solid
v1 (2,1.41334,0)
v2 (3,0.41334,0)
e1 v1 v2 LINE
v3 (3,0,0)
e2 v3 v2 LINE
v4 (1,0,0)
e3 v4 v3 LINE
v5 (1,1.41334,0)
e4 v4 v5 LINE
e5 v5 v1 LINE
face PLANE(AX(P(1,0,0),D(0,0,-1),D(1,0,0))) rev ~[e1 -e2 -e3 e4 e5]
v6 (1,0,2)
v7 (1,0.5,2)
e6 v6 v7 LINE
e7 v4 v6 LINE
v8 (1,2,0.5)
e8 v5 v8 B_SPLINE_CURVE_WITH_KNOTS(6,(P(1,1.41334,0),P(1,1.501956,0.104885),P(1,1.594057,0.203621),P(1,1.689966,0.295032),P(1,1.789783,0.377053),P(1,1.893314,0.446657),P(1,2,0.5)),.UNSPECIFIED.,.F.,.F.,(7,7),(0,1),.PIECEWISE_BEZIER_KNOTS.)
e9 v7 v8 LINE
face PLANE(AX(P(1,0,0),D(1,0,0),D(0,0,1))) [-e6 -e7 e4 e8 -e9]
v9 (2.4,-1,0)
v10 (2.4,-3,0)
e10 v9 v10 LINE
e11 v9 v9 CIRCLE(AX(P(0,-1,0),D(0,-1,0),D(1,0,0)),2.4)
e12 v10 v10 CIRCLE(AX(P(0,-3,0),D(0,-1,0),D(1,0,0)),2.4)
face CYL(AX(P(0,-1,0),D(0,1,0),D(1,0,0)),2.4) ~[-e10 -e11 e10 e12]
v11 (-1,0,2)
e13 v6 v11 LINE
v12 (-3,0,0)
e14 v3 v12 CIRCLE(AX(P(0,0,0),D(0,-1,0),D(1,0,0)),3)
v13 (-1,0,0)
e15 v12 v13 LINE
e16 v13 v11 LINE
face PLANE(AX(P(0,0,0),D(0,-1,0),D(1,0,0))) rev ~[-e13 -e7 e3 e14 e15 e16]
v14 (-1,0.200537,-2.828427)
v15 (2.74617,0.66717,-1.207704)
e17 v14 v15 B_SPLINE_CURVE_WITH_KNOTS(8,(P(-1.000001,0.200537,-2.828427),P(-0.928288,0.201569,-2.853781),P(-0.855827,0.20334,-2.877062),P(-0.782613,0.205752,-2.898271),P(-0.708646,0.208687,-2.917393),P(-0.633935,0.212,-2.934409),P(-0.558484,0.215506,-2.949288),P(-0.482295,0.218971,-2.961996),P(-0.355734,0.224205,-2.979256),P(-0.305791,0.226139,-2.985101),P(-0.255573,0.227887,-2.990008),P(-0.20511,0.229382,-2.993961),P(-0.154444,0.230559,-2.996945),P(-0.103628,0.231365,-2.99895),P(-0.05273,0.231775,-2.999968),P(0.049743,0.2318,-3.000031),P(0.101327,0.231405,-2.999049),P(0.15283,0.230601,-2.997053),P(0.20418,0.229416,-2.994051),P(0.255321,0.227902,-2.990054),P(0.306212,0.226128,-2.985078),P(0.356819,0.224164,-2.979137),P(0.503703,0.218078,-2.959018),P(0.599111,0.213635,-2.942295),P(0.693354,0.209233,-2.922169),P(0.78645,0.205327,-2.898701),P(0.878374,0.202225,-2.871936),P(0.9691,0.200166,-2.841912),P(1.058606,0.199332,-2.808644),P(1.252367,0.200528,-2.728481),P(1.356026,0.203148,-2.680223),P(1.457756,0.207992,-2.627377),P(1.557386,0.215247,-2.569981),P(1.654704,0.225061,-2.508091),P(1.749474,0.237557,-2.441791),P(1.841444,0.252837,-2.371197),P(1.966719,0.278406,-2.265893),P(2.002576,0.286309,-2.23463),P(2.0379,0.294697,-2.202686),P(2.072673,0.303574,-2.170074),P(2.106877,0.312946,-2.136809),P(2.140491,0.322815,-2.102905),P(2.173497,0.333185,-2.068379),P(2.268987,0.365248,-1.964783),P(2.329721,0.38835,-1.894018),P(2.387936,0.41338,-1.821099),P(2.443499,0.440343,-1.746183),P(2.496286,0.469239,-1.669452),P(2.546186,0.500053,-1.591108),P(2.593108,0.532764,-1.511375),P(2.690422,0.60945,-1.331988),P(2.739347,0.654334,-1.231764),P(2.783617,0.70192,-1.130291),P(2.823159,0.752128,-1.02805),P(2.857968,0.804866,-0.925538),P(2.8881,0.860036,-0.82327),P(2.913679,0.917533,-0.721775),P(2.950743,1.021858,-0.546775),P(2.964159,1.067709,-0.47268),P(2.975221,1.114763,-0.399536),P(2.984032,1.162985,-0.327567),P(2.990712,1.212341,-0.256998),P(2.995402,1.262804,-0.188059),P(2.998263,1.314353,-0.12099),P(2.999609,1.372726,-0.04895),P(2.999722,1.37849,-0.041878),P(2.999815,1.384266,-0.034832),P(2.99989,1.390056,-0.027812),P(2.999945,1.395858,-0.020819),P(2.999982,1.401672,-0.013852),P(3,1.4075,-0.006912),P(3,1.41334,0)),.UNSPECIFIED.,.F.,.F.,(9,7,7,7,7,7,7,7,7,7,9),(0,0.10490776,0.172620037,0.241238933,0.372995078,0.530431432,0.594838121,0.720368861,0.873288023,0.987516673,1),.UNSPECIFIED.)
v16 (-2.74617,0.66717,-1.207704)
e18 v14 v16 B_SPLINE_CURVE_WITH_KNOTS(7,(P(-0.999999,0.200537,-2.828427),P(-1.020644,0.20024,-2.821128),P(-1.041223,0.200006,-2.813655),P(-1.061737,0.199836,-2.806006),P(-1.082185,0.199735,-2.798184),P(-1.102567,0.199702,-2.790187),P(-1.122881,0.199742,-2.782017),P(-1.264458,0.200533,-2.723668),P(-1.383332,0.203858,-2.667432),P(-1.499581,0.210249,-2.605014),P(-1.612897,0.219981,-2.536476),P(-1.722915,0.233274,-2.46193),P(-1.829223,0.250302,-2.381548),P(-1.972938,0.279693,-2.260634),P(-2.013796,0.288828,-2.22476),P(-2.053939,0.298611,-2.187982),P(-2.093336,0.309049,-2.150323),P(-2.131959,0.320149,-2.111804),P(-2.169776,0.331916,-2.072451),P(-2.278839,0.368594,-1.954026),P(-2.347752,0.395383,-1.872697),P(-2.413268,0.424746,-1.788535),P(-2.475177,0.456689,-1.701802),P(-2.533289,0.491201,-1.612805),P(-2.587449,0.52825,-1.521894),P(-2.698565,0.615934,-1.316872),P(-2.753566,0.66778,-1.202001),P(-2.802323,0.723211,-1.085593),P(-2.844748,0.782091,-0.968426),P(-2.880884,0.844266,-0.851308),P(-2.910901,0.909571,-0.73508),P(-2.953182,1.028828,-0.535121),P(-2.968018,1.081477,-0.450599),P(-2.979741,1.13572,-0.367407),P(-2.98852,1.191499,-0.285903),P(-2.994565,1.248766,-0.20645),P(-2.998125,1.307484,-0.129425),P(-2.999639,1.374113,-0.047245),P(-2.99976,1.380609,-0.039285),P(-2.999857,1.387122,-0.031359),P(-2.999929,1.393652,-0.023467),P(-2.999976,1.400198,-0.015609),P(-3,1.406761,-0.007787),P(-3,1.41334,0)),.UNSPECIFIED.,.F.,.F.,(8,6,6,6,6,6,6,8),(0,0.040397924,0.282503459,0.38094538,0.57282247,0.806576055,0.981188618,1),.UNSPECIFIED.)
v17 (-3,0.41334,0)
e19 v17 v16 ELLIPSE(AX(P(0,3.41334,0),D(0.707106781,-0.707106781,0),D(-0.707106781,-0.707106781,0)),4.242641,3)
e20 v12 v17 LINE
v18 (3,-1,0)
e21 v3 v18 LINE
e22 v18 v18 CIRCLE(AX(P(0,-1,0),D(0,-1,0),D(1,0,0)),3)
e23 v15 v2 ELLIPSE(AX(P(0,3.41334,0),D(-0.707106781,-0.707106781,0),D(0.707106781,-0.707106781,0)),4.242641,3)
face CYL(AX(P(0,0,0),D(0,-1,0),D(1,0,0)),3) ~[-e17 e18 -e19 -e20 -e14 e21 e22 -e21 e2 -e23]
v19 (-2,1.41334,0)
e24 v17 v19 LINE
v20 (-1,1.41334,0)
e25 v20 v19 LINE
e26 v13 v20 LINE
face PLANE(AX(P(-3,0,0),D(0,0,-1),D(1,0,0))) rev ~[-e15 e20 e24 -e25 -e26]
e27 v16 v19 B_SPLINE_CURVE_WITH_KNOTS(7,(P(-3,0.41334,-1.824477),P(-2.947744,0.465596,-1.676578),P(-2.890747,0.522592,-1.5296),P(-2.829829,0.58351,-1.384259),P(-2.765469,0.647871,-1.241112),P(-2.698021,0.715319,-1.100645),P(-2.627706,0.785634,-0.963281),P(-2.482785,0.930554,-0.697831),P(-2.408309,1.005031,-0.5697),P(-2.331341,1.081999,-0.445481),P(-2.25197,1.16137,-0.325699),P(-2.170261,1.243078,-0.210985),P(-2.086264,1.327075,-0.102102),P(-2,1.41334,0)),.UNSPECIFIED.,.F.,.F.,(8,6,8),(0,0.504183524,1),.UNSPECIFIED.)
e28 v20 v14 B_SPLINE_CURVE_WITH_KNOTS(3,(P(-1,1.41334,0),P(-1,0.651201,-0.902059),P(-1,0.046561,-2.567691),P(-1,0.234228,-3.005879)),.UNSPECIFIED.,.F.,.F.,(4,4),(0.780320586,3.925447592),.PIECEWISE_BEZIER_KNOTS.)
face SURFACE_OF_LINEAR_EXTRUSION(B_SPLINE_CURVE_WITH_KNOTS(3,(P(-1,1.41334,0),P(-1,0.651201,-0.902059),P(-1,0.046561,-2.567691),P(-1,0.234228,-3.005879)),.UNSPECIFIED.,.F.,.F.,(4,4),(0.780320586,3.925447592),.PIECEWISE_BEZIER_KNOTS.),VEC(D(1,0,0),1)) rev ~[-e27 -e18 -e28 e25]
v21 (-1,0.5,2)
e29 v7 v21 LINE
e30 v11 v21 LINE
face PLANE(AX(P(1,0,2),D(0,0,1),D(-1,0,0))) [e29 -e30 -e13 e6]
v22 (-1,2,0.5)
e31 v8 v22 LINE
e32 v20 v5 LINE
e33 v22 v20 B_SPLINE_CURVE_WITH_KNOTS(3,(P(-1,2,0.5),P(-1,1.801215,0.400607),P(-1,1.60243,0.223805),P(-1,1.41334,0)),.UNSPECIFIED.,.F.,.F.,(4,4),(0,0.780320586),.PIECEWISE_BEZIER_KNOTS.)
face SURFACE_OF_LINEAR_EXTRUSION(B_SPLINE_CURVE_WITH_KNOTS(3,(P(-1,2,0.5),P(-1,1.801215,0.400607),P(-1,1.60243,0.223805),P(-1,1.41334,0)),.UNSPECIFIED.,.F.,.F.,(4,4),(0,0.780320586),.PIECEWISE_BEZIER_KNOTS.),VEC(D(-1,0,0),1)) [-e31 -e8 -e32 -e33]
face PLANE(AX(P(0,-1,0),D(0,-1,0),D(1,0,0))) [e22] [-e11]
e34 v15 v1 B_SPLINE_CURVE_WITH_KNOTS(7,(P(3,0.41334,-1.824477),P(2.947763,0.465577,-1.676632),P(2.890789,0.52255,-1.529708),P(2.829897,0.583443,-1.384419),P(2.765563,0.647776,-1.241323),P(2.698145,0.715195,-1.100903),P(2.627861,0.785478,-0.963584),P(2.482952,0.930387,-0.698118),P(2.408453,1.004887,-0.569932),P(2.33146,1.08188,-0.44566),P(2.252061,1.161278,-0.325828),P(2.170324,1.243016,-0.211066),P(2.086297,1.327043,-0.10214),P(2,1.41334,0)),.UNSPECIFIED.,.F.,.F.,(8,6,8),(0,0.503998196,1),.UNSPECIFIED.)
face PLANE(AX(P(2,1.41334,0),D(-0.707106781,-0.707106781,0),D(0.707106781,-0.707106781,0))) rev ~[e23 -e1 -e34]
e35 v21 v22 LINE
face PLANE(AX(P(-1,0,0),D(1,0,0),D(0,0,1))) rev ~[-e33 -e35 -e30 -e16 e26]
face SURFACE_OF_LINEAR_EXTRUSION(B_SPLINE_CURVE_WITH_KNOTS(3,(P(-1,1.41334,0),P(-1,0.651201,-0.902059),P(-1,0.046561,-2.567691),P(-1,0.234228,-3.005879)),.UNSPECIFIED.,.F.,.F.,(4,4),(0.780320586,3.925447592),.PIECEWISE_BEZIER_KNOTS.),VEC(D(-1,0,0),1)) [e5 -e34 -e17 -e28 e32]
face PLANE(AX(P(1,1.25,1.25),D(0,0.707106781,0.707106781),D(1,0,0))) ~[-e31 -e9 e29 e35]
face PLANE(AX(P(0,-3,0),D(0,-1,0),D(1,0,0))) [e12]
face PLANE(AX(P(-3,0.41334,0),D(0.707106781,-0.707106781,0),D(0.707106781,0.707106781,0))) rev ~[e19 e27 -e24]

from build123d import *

# Parameters (mm, degrees)
F0_R          = 3
F1_DEPTH      = 1
F2_R          = 2.4
F2_R_2        = 1.4
F3_DEPTH      = 2
F4_W          = 2
F4_H          = 2
F5_DEPTH      = 2
F6_SIZE       = 1.5
F8_DEPTH      = 25
F8_DEPTH_BACK = 25
F11_DEPTH     = 25


with BuildPart() as f1:
    # F0 (on Front) → F1 (new body)
    with BuildSketch(Plane.XZ):
        Circle(F0_R)
    extrude(amount=F1_DEPTH)

    # F2 (on face) → F3 (join)
    with BuildSketch(Plane.XZ.offset(1)):
        Circle(F2_R)
        Circle(F2_R_2, mode=Mode.SUBTRACT)
        Circle(F2_R_2)
    extrude(amount=F3_DEPTH)

    # F4 (on face) → F5 (join)
    with BuildSketch(Plane(origin=(0, 0, 0), x_dir=(-1, 0, 0), z_dir=(0, 1, 0))):
        with Locations((0, 1)):
            Rectangle(F4_W, F4_H)
        with BuildLine():
            Line((-1, 0), (-3, 0))
            ThreePointArc((-3, 0), (0, -3), (3, 0))
            Line((3, 0), (1, 0))
            Line((1, 0), (-1, 0))
        make_face()
    extrude(amount=F5_DEPTH)

    # F6
    f6_edges = [f1.edges().sort_by_distance(p)[0] for p in [
        (0, 2, 2),
    ]]
    chamfer(f6_edges, length=F6_SIZE)

    # F7 (on face) → F8 (cut, two sides)
    with BuildSketch(Plane(origin=(-1, 0, 0), x_dir=(0, -1, 0), z_dir=(-1, 0, 0))) as f8_sk:
        with BuildLine():
            add(Edge.make_bspline(
                [(-2, 0.5), (-1.8012148761, 0.400607438), (-1.6024297521, 0.2238049575), (-1.4133396134, 0)],
                knots=[0, 0, 0, 0, 0.7803205861, 0.7803205861, 0.7803205861, 0.7803205861], degree=3))
            Line((-2, 0.5), (-2, 0))
            Line((-2, 0), (-1.4133396134, 0))
        make_face()
        with BuildLine():
            Line((-1.4133396134, 0), (-2, 0))
            Line((-2, 0), (-2, -3.0058792327))
            Line((-2, -3.0058792327), (-0.234228326, -3.0058792327))
            add(Edge.make_bspline(
                [(-1.4133396134, 0), (-0.651200933, -0.9020587545), (-0.0465611068, -2.5676912631), (-0.234228326, -3.0058792327)],
                knots=[0.7803205861, 0.7803205861, 0.7803205861, 0.7803205861, 3.9254475921, 3.9254475921, 3.9254475921, 3.9254475921], degree=3))
        make_face()
    extrude(amount=-F8_DEPTH, mode=Mode.SUBTRACT)
    extrude(f8_sk.sketch, amount=F8_DEPTH_BACK, mode=Mode.SUBTRACT)

    # F10 (on face) + F9 (on face) → F11 (cut)
    with BuildSketch(Plane.XY):
        Polygon((-2, 1.4133396134), (-3, 1.4133396134), (-3, 0.4133396134), align=None)
    with BuildSketch(Plane.XY):
        Polygon((3, 0.4133396134), (3, 1.4133396134), (2, 1.4133396134), align=None)
    extrude(amount=-F11_DEPTH, mode=Mode.SUBTRACT)


solid = f1.part
